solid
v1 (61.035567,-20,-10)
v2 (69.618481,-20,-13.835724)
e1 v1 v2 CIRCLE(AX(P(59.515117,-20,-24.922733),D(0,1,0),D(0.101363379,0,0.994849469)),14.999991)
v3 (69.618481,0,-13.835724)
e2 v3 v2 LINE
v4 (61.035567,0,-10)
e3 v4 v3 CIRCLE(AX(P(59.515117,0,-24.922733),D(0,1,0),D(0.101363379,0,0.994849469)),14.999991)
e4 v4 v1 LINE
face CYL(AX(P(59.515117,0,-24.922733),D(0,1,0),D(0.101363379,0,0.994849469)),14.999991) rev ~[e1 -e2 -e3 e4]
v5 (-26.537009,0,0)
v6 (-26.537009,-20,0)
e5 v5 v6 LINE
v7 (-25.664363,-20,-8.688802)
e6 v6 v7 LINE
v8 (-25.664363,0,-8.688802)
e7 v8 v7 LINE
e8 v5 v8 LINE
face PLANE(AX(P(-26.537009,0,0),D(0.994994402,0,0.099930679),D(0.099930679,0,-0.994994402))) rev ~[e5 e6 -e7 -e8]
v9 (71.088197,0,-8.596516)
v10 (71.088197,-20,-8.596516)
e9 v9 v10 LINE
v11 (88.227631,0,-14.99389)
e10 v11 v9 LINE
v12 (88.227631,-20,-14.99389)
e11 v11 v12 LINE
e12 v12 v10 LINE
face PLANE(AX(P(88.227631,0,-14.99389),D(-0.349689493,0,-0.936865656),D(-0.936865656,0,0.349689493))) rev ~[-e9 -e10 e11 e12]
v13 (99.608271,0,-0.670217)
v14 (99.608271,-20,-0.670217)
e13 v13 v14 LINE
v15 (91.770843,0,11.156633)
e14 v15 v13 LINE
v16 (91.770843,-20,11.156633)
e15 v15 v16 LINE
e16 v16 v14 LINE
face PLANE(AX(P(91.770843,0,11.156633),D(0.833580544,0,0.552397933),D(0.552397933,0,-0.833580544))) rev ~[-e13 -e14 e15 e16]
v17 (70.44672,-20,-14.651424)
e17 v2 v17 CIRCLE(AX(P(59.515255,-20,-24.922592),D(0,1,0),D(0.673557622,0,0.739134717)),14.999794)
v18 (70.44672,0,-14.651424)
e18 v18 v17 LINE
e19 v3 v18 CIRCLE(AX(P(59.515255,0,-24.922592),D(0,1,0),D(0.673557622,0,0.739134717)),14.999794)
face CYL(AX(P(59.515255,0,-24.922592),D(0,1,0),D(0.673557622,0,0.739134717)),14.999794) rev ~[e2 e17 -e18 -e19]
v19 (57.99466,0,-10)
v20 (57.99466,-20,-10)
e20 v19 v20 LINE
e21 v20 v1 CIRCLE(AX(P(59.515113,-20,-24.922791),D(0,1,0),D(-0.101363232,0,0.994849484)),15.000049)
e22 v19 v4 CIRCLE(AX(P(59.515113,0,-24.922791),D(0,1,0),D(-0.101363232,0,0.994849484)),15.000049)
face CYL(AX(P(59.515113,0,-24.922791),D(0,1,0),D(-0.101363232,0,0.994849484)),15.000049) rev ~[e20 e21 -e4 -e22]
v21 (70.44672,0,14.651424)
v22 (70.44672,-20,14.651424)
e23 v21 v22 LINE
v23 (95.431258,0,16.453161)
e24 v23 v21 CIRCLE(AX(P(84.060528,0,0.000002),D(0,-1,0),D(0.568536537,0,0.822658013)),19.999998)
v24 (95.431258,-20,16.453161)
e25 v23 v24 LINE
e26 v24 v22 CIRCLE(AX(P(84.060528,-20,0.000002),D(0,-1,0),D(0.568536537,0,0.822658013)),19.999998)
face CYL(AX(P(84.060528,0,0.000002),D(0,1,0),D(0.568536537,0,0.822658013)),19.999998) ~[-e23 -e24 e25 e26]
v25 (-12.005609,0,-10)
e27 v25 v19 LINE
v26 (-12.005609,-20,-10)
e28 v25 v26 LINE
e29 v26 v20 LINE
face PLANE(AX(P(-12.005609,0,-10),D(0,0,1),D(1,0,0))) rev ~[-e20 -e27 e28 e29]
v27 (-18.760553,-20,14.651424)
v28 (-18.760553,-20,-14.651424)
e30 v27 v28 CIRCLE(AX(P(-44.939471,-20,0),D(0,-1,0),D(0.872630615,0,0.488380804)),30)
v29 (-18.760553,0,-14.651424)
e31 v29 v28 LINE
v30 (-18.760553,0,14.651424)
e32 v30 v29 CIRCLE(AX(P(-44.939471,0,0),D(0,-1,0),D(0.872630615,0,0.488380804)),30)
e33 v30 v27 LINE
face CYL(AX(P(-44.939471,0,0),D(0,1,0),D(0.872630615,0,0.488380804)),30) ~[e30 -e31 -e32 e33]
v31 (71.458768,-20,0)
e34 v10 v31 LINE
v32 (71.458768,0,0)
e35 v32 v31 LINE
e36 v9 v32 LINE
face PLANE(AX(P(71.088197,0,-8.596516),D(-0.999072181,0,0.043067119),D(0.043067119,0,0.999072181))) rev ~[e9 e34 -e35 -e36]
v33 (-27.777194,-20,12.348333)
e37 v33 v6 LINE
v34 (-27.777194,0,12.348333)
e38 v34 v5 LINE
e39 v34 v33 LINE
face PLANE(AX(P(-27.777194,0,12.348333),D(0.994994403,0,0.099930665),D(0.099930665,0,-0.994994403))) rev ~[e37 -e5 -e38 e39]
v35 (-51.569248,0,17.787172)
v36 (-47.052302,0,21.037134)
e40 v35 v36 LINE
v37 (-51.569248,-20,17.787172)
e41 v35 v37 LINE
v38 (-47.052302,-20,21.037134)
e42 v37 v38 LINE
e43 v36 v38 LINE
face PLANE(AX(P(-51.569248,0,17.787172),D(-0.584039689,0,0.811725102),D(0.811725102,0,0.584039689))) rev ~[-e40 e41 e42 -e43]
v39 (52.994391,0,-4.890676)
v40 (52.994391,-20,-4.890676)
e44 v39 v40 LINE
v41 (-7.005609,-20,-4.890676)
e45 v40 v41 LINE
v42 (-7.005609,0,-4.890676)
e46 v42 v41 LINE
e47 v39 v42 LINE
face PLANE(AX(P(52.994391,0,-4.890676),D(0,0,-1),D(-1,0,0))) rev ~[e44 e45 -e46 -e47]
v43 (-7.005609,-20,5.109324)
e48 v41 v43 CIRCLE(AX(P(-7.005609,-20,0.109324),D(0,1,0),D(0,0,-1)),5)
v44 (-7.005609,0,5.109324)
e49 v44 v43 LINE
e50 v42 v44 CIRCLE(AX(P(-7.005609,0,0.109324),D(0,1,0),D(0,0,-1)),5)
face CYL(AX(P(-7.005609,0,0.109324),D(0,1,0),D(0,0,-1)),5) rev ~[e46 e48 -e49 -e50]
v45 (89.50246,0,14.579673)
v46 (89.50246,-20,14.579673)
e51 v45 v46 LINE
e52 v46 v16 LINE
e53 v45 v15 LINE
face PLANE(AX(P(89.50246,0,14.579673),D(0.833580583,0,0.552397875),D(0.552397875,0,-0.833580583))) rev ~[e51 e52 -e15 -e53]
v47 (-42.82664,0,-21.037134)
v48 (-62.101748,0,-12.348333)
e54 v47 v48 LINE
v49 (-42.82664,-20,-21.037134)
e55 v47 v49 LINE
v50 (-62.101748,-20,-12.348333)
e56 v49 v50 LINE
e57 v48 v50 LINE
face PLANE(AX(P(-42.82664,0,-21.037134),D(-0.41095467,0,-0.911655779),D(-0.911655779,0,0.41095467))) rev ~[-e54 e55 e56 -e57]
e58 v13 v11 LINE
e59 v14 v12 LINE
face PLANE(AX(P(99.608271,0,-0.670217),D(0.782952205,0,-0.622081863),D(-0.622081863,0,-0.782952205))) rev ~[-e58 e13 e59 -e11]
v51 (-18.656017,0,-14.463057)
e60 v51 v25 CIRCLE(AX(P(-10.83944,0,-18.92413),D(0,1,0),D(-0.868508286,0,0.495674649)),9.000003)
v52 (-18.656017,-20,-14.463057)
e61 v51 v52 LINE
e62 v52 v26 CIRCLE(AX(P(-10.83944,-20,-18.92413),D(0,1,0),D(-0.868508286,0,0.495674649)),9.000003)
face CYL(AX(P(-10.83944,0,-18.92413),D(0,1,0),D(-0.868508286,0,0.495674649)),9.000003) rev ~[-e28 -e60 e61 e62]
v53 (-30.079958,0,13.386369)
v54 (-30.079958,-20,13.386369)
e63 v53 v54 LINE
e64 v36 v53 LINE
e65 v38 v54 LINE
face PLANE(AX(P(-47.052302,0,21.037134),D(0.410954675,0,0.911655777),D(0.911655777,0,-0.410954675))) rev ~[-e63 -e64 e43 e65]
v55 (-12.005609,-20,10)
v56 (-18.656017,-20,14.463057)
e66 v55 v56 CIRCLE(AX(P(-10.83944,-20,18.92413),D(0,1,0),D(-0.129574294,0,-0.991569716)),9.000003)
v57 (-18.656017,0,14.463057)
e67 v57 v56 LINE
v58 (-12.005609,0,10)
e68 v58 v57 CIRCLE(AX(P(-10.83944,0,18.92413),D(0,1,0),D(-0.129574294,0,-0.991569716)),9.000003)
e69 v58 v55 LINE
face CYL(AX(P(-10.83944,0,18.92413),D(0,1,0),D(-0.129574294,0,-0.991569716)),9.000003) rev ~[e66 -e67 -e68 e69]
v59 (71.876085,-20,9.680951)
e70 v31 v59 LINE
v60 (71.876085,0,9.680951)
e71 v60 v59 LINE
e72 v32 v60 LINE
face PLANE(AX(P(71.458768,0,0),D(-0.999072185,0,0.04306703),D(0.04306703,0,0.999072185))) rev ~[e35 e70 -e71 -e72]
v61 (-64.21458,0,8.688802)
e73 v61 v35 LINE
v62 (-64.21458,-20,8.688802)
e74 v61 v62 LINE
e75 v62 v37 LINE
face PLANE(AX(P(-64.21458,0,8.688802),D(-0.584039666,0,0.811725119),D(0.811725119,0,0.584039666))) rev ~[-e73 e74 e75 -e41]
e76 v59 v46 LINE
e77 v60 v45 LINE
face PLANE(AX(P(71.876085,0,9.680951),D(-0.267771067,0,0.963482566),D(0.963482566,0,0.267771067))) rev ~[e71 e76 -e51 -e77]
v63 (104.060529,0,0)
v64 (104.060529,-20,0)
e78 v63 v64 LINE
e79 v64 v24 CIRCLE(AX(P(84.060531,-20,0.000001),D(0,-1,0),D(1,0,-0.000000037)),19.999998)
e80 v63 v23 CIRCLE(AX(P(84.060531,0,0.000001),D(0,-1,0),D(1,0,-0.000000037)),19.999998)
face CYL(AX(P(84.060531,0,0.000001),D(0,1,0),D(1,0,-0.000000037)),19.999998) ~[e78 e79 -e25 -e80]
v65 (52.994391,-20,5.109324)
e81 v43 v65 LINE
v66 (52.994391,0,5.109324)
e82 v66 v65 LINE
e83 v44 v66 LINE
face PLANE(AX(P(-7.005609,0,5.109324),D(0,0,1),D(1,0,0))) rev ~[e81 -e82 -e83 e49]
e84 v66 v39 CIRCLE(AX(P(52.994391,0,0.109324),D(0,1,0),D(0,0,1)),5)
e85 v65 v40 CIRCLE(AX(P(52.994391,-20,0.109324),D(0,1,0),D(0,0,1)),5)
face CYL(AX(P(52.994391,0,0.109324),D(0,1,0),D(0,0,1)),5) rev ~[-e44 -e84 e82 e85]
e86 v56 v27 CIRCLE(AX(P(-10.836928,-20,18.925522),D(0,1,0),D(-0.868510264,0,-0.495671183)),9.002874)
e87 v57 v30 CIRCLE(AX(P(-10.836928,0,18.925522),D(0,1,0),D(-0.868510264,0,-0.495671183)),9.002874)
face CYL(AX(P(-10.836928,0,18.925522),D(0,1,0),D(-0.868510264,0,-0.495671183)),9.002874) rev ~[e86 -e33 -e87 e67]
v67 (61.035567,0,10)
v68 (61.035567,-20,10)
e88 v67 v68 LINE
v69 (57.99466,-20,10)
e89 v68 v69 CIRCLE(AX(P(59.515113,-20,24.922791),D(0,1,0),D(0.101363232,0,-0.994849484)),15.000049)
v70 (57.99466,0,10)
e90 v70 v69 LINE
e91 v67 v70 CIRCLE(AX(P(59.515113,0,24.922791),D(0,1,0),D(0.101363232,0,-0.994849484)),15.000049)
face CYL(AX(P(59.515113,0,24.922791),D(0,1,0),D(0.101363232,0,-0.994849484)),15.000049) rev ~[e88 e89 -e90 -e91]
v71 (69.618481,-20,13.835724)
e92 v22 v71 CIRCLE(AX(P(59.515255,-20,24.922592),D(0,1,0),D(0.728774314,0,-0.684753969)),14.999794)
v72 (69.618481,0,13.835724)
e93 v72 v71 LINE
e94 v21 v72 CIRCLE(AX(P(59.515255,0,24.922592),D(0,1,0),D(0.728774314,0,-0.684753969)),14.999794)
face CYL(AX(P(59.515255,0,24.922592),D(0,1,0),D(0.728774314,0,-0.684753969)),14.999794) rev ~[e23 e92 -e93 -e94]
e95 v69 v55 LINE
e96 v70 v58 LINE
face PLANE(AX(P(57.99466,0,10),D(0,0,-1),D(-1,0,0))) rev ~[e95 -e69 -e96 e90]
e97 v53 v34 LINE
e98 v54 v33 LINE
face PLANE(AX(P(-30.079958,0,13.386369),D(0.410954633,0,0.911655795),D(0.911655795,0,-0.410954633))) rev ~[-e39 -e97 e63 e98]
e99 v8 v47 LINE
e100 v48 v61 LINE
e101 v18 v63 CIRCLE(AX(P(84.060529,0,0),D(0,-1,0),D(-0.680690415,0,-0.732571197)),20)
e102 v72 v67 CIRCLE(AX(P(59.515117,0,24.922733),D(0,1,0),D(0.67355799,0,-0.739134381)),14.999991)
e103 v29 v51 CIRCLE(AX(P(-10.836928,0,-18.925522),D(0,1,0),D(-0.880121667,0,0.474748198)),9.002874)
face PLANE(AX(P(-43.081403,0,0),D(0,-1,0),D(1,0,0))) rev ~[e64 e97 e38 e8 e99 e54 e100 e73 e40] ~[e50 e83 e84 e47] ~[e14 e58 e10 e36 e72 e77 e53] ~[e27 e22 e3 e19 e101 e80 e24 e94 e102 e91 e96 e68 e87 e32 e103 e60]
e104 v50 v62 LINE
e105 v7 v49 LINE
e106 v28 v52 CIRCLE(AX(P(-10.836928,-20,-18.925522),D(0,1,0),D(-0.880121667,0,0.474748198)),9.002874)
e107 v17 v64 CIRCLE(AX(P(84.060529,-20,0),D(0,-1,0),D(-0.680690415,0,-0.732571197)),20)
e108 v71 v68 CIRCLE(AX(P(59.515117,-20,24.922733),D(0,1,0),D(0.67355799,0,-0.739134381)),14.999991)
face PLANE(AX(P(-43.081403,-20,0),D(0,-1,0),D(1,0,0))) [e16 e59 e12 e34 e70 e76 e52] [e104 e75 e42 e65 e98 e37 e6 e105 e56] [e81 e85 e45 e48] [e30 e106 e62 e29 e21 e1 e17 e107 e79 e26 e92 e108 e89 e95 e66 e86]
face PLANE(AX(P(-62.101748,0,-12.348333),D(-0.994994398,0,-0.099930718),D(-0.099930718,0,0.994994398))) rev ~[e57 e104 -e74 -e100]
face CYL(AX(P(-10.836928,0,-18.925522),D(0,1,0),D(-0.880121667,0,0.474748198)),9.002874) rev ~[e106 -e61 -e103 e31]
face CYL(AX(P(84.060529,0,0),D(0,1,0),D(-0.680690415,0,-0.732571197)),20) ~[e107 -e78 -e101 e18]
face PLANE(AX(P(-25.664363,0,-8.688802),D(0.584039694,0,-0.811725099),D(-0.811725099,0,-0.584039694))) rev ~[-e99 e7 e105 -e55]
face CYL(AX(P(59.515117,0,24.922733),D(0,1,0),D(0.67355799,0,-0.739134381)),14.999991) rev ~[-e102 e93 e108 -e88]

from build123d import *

# Parameters (mm, degrees)
F1_DEPTH = 20


with BuildPart() as f1:
    # F0 (on Front) → F1 (new body)
    with BuildSketch(Plane.XZ):
        with BuildLine():
            ThreePointArc((-18.656017, 14.463057), (-18.708848, 14.556927), (-18.760553, 14.651424))
            ThreePointArc((-18.760553, 14.651424), (-74.939471, 0), (-18.760553, -14.651424))
            ThreePointArc((-18.760553, -14.651424), (-18.708848, -14.556927), (-18.656017, -14.463057))
            ThreePointArc((-18.656017, -14.463057), (-15.883459, -7.46647), (-14.939471, 0))
            ThreePointArc((-14.939471, 0), (-15.883459, 7.46647), (-18.656017, 14.463057))
        make_face()
        Polygon((-51.569248, 17.787172), (-47.052302, 21.037134), (-30.079958, 13.386369), (-27.777194, 12.348333), (-26.537009, 0), (-25.664363, -8.688802), (-42.82664, -21.037134), (-62.101748, -12.348333), (-64.21458, 8.688802), align=None, mode=Mode.SUBTRACT)
        with BuildLine():
            ThreePointArc((70.44672, 14.651424), (70.040505, 14.235547), (69.618481, 13.835724))
            ThreePointArc((69.618481, 13.835724), (64.060529, 0), (69.618481, -13.835724))
            ThreePointArc((69.618481, -13.835724), (70.040505, -14.235547), (70.44672, -14.651424))
            ThreePointArc((70.44672, -14.651424), (92.051894, -18.334069), (104.060529, 0))
            ThreePointArc((104.060529, 0), (101.772313, 9.289387), (95.431258, 16.453161))
            ThreePointArc((95.431258, 16.453161), (82.621982, 19.948198), (70.44672, 14.651424))
        make_face()
        Polygon((89.50246, 14.579673), (91.770843, 11.156633), (99.608271, -0.670217), (88.227631, -14.99389), (71.088197, -8.596516), (71.458768, 0), (71.876085, 9.680951), align=None, mode=Mode.SUBTRACT)
        with BuildLine():
            ThreePointArc((-12.005609, 10), (-15.854632, 11.450985), (-18.656017, 14.463057))
            ThreePointArc((-18.656017, 14.463057), (-15.883459, 7.46647), (-14.939471, 0))
            ThreePointArc((-14.939471, 0), (-15.883459, -7.46647), (-18.656017, -14.463057))
            ThreePointArc((-18.656017, -14.463057), (-15.854632, -11.450985), (-12.005609, -10))
            Line((-12.005609, -10), (57.99466, -10))
            ThreePointArc((57.99466, -10), (59.515113, -9.922742), (61.035567, -10))
            ThreePointArc((61.035567, -10), (65.635285, -11.228089), (69.618481, -13.835724))
            ThreePointArc((69.618481, -13.835724), (64.060529, 0), (69.618481, 13.835724))
            ThreePointArc((69.618481, 13.835724), (65.635285, 11.228089), (61.035567, 10))
            ThreePointArc((61.035567, 10), (59.515113, 9.922742), (57.99466, 10))
            Line((57.99466, 10), (-12.005609, 10))
        make_face()
        with BuildLine():
            ThreePointArc((-7.005609, -4.890676), (-12.005609, 0.109324), (-7.005609, 5.109324))
            Line((-7.005609, 5.109324), (52.994391, 5.109324))
            ThreePointArc((52.994391, 5.109324), (57.994391, 0.109324), (52.994391, -4.890676))
            Line((52.994391, -4.890676), (-7.005609, -4.890676))
        make_face(mode=Mode.SUBTRACT)
    extrude(amount=F1_DEPTH)


solid = f1.part
